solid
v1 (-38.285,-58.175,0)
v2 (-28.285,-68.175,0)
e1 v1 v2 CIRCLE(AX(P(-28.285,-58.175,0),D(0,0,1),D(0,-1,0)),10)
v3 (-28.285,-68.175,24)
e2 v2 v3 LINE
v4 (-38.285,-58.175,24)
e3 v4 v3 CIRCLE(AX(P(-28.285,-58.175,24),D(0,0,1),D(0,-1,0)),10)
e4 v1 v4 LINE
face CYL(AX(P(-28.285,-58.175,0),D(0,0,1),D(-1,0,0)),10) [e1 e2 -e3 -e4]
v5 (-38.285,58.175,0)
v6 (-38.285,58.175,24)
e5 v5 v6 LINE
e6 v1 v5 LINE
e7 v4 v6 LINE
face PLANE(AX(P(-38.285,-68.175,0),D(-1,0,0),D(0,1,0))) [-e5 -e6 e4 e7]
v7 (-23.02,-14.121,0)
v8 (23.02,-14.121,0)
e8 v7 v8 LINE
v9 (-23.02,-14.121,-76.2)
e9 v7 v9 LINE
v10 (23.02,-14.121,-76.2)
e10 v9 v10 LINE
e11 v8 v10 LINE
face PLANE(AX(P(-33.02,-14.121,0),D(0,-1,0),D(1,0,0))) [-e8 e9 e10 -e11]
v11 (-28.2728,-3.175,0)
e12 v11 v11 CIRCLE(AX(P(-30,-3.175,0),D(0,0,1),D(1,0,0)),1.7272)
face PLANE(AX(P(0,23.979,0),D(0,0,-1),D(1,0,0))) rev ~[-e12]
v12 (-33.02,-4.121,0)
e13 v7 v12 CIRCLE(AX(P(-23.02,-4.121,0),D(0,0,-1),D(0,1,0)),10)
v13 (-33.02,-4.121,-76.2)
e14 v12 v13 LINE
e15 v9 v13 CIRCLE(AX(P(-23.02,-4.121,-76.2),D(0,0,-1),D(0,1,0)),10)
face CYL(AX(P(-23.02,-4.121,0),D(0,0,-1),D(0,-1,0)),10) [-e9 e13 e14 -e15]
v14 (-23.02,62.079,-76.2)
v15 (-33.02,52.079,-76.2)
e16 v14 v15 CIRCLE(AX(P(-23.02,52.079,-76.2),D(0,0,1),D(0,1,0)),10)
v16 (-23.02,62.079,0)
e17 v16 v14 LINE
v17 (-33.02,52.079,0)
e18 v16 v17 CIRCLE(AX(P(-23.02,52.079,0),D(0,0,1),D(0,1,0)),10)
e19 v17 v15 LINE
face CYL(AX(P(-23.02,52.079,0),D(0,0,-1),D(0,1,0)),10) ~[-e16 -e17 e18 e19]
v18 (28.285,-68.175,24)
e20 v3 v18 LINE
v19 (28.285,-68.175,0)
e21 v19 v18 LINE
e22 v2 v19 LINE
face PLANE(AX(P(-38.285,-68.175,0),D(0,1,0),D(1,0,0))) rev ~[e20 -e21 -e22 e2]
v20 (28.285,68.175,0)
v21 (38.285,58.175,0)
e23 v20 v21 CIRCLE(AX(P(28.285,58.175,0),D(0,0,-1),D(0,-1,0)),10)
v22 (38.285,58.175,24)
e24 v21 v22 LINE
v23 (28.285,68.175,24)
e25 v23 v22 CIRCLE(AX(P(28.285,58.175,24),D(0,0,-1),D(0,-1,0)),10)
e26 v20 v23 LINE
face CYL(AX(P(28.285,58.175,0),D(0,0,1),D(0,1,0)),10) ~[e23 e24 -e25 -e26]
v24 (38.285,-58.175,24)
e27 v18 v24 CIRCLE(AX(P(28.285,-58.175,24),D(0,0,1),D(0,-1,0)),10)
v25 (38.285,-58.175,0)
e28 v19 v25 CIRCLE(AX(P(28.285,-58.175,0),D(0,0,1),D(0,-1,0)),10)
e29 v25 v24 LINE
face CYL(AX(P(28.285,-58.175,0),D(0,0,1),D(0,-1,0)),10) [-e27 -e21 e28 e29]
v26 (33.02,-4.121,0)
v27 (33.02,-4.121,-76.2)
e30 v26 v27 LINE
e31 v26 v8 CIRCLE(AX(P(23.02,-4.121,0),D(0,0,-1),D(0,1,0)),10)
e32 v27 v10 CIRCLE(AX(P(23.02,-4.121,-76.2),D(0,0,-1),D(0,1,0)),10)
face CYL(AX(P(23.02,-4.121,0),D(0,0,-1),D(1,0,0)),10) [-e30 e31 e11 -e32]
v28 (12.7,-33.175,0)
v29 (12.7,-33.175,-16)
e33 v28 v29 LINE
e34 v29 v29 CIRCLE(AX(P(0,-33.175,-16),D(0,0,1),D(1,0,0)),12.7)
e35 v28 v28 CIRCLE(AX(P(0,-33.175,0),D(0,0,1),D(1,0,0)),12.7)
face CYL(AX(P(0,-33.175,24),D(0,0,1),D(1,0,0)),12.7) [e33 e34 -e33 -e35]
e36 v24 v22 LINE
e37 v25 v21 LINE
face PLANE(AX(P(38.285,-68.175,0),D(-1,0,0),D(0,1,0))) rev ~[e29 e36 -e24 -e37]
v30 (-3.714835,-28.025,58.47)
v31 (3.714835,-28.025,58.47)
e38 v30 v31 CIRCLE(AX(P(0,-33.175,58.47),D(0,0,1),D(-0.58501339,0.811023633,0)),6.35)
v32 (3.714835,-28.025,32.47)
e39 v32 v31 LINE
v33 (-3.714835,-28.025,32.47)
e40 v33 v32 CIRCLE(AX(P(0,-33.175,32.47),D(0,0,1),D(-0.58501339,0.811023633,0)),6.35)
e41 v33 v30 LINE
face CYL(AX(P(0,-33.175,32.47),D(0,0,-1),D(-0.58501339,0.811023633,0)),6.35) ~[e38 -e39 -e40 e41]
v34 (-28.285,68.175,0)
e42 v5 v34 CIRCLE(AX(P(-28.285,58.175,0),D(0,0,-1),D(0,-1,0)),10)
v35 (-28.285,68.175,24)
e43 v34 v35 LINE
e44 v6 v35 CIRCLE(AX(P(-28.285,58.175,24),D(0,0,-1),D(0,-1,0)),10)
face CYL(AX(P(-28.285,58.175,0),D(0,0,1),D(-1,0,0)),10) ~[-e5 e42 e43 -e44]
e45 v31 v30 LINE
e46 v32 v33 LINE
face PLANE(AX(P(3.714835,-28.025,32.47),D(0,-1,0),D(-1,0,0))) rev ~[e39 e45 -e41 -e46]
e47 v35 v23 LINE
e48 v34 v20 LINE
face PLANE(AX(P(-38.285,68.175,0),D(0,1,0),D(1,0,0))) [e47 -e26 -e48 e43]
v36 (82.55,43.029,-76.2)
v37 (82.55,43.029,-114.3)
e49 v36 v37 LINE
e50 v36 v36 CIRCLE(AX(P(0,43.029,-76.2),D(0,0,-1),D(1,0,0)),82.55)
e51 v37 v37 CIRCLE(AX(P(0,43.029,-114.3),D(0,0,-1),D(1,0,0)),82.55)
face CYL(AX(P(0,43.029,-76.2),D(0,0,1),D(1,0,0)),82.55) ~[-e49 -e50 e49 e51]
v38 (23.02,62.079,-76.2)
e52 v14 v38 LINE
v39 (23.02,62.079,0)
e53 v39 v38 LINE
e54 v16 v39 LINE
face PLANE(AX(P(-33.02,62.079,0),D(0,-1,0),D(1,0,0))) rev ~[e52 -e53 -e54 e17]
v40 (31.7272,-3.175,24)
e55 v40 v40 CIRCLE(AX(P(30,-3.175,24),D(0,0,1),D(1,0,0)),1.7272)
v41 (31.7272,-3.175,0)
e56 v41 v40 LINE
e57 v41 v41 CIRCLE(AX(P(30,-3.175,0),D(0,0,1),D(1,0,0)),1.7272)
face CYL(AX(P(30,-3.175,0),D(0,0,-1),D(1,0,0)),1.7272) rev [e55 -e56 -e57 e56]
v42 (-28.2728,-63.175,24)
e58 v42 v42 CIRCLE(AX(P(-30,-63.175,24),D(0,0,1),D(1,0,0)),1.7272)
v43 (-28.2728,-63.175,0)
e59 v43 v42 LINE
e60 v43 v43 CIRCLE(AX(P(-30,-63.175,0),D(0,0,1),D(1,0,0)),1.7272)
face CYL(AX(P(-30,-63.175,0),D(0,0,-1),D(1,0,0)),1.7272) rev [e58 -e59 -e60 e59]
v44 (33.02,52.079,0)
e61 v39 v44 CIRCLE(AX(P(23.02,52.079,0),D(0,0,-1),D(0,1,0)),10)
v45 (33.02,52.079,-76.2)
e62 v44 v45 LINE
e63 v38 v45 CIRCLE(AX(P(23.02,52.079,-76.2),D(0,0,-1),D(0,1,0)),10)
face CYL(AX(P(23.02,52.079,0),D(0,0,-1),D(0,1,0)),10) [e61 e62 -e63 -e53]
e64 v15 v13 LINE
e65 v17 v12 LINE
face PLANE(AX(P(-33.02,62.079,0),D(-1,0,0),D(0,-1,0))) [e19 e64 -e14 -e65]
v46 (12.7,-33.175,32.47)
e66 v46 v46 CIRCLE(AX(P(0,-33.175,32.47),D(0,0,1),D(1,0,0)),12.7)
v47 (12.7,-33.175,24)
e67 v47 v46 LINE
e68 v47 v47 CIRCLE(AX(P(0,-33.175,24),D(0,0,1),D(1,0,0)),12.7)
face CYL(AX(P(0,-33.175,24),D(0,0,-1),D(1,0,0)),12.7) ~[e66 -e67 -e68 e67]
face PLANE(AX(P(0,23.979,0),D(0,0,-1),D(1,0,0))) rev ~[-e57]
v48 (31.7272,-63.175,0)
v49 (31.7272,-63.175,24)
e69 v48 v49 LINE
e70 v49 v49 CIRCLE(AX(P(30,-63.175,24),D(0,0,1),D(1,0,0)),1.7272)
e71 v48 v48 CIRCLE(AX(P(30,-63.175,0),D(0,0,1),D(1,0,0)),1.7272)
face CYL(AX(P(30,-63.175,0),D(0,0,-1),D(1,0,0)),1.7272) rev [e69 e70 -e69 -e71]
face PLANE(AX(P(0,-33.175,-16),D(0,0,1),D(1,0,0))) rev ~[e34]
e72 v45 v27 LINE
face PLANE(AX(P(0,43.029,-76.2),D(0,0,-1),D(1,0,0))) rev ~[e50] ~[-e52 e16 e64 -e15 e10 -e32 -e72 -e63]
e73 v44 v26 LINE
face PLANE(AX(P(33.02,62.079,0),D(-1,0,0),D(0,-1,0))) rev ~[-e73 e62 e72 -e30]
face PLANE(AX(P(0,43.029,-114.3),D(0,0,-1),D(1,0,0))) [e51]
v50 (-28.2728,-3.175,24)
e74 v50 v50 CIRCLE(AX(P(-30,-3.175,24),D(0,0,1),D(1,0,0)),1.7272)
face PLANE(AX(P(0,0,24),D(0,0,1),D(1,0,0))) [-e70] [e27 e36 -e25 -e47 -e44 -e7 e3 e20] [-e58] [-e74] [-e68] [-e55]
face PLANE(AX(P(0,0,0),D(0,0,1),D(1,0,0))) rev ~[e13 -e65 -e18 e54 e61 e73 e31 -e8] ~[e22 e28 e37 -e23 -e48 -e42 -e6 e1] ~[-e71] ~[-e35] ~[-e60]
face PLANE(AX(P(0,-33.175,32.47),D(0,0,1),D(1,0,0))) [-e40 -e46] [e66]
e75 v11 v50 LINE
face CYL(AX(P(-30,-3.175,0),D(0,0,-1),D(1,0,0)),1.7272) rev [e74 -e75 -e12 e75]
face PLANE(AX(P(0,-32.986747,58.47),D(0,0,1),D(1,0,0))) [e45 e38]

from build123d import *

# Parameters (mm, degrees)
F0_W          = 76.57
F0_H          = 136.35
F0_R          = 1.7272
F1_DEPTH      = 24
F2_R          = 12.7
F3_DEPTH      = 8.47
F3_DEPTH_BACK = 40
F5_DEPTH      = 26
F6_W          = 66.04
F6_H          = 76.2
F7_DEPTH      = 76.2
F8_R          = 82.55
F9_DEPTH      = 38.1
F10_R         = 10


with BuildPart() as f1:
    # F0 (on Top) → F1 (new body)
    with BuildSketch(Plane.XY):
        Rectangle(F0_W, F0_H)
        with Locations((-30, -63.175)):
            Circle(F0_R, mode=Mode.SUBTRACT)
        with Locations((-30, -3.175)):
            Circle(F0_R, mode=Mode.SUBTRACT)
        with Locations((30, -63.175)):
            Circle(F0_R, mode=Mode.SUBTRACT)
        with Locations((30, -3.175)):
            Circle(F0_R, mode=Mode.SUBTRACT)
    extrude(amount=F1_DEPTH)

    # F2 (on face) → F3 (join, two sides)
    with BuildSketch(Plane.XY.offset(24)) as f3_sk:
        with Locations((0, -33.175)):
            Circle(F2_R)
    extrude(amount=F3_DEPTH)
    extrude(f3_sk.sketch, amount=-F3_DEPTH_BACK)

    # F4 (on face) → F5 (join)
    with BuildSketch(Plane.XY.offset(32.47)):
        with BuildLine():
            ThreePointArc((-3.714835, -28.025), (0, -39.525), (3.714835, -28.025))
            Line((3.714835, -28.025), (-3.714835, -28.025))
        make_face()
    extrude(amount=F5_DEPTH)

    # F6 (on face) → F7 (join)
    with BuildSketch(Plane(origin=(0, 0, 0), x_dir=(1, 0, 0), z_dir=(0, 0, -1))):
        with Locations((0, -23.979)):
            Rectangle(F6_W, F6_H)
    extrude(amount=F7_DEPTH)

    # F8 (on face) → F9 (join)
    with BuildSketch(Plane(origin=(0, 0, -76.2), x_dir=(1, 0, 0), z_dir=(0, 0, -1))):
        with Locations((0, -43.029)):
            Circle(F8_R)
    extrude(amount=F9_DEPTH)

    # F10
    f10_edges = [f1.edges().sort_by_distance(p)[0] for p in [
        (-33.02, 62.079, -38.1),
        (-33.02, -14.121, -38.1),
        (33.02, 62.079, -38.1),
        (33.02, -14.121, -38.1),
        (38.285, 68.175, 12),
        (-38.285, 68.175, 12),
        (-38.285, -68.175, 12),
        (38.285, -68.175, 12),
    ]]
    fillet(f10_edges, radius=F10_R)


solid = f1.part
